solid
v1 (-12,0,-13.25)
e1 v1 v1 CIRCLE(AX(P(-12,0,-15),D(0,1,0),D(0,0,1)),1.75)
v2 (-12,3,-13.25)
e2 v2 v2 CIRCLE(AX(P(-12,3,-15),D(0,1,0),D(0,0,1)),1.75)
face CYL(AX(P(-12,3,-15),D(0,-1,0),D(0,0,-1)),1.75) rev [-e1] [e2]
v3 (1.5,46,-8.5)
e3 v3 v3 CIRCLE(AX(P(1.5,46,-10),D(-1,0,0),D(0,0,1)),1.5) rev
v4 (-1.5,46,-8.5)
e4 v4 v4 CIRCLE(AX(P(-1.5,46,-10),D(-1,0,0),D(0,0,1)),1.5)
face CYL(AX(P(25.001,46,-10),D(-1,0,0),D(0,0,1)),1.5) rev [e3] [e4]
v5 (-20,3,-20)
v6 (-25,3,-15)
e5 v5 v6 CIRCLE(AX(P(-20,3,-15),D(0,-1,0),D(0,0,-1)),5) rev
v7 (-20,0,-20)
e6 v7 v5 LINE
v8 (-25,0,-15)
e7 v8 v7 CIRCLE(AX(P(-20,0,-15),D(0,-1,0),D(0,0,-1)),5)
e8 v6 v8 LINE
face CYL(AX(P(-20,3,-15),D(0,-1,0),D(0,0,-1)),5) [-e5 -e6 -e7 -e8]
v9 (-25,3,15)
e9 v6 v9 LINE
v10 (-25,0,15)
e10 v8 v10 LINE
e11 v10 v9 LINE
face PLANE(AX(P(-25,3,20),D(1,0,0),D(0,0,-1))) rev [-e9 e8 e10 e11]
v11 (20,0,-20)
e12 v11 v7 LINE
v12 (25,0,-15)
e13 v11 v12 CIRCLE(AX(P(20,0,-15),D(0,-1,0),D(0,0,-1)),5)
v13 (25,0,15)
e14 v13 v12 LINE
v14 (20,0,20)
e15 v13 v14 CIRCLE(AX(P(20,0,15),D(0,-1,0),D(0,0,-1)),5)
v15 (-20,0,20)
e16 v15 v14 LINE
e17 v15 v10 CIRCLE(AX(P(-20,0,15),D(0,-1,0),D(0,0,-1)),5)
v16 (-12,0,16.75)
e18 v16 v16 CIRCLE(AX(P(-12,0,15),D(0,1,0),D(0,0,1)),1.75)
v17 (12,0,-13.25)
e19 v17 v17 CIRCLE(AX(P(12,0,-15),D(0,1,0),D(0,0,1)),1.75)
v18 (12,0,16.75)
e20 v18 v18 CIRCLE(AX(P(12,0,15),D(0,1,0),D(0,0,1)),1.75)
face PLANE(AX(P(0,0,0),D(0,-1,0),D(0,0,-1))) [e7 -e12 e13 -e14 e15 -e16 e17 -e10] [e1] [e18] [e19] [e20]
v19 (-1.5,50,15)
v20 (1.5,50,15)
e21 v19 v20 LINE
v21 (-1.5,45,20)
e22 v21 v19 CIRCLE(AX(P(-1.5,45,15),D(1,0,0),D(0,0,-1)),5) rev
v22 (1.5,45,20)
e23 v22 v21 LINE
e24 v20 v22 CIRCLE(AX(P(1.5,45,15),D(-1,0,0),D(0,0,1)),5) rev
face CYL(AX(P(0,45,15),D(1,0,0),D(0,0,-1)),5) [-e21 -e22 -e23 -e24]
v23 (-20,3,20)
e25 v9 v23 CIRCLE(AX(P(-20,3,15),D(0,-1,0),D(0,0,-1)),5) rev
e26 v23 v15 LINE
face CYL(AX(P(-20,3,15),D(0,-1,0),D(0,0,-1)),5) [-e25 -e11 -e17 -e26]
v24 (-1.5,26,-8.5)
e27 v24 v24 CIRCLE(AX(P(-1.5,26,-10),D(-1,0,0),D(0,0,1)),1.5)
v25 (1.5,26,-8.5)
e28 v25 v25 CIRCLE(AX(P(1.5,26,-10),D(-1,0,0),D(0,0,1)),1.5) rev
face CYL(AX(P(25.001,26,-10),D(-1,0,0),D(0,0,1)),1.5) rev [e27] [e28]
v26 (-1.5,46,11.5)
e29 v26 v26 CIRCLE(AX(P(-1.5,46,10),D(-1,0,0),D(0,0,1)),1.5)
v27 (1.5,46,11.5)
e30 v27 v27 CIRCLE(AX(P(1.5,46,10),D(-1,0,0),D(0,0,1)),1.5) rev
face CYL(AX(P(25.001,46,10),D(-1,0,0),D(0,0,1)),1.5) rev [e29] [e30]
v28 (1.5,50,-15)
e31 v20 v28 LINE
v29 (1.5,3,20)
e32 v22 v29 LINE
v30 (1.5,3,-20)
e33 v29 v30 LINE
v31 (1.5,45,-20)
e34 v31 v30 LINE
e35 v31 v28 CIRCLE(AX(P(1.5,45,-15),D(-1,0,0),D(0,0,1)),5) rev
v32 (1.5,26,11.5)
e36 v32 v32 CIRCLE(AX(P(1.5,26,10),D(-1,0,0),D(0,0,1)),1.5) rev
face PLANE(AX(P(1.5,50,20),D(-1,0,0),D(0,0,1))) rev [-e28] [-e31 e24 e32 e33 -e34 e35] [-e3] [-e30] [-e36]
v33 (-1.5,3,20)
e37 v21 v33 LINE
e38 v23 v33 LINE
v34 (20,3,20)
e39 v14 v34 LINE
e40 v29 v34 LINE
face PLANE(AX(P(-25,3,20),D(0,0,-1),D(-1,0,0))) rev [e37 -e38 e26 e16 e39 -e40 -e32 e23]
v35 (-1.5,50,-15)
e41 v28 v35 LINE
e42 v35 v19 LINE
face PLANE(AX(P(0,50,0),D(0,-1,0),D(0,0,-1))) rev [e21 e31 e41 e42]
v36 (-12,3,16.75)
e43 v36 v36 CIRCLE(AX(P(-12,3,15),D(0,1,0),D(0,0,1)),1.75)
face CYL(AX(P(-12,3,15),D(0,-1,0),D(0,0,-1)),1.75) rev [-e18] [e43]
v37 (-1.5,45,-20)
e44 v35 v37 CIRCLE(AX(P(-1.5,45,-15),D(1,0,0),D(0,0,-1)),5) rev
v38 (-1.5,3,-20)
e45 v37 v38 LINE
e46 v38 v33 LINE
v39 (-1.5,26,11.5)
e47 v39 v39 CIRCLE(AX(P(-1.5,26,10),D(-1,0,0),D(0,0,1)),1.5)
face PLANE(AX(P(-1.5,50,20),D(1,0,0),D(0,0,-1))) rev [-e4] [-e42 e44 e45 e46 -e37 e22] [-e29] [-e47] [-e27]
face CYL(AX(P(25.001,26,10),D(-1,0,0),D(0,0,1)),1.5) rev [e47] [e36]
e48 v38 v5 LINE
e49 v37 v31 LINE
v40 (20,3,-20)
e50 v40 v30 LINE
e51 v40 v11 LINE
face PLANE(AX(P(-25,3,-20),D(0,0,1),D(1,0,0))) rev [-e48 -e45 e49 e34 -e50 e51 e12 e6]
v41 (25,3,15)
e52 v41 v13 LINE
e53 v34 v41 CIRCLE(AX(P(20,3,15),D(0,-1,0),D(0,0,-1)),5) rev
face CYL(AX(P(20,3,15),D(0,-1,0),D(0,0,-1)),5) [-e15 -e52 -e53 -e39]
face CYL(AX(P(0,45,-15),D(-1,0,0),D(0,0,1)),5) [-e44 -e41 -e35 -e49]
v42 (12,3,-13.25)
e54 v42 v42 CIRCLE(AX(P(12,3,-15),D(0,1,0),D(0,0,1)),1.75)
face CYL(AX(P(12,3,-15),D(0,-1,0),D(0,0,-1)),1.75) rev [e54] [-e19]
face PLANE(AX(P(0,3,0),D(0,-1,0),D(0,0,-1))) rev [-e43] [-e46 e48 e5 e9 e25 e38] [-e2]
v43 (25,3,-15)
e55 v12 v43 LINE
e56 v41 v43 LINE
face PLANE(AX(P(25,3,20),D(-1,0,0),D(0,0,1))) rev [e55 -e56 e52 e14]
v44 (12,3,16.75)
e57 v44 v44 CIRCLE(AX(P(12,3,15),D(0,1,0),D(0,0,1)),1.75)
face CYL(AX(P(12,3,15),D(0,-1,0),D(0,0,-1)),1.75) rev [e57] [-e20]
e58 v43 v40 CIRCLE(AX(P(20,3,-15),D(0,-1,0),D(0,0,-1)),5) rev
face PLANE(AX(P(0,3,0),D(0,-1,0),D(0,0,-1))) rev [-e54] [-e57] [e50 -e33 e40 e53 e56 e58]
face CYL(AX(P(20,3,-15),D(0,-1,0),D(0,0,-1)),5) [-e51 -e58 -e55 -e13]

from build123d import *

# Parameters (mm, degrees)
SKETCH_1_W          = 50
SKETCH_1_H          = 40
SKETCH_1_R          = 1.75
EXTRUDE_1_DEPTH     = 3
FILLET_1_R          = 5
SKETCH_2_W          = 3
SKETCH_2_H          = 40
EXTRUDE_2_DEPTH     = 47
CUT_EXTRUDE_1_REACH = 62.019
SKETCH_3_R          = 1.5
FILLET_2_R          = 5


with BuildPart() as part:
    # 草图1 → 凸台-拉伸1 (new body)
    with BuildSketch(Plane(origin=(0, 0, 0), x_dir=(1, 0, 0), z_dir=(0, 1, 0))):
        Rectangle(SKETCH_1_W, SKETCH_1_H)
        with Locations(Location((-12, 15, 0), (0, 0, 270))):
            Circle(SKETCH_1_R, mode=Mode.SUBTRACT)
        with Locations(Location((12, 15, 0), (0, 0, 270))):
            Circle(SKETCH_1_R, mode=Mode.SUBTRACT)
        with Locations(Location((12, -15, 0), (0, 0, 270))):
            Circle(SKETCH_1_R, mode=Mode.SUBTRACT)
        with Locations(Location((-12, -15, 0), (0, 0, 270))):
            Circle(SKETCH_1_R, mode=Mode.SUBTRACT)
    extrude(amount=EXTRUDE_1_DEPTH)

    # 圆角1
    fillet_1_edges = [part.edges().sort_by_distance(p)[0] for p in [
        (25, 1.5, 20),
        (-25, 1.5, 20),
        (-25, 1.5, -20),
        (25, 1.5, -20),
    ]]
    fillet(fillet_1_edges, radius=FILLET_1_R)

    # 草图2 → 凸台-拉伸2 (add)
    with BuildSketch(Plane(origin=(0, 3, 0), x_dir=(1, 0, 0), z_dir=(0, 1, 0))):
        Rectangle(SKETCH_2_W, SKETCH_2_H)
    extrude(amount=EXTRUDE_2_DEPTH)

    # 草图3 → 切除-拉伸1 (cut, up to next)
    with BuildSketch(Plane.ZY.offset(1.5), mode=Mode.PRIVATE) as cut_extrude_1_sk1:
        with Locations((-10, 46)):
            Circle(SKETCH_3_R)
    cut_extrude_1_tool1 = extrude(cut_extrude_1_sk1.sketch, amount=-CUT_EXTRUDE_1_REACH, mode=Mode.PRIVATE) & part.part
    # 草图3 → 切除-拉伸1 (cut, up to next)
    with BuildSketch(Plane.ZY.offset(1.5), mode=Mode.PRIVATE) as cut_extrude_1_sk2:
        with Locations((10, 46)):
            Circle(SKETCH_3_R)
    cut_extrude_1_tool2 = extrude(cut_extrude_1_sk2.sketch, amount=-CUT_EXTRUDE_1_REACH, mode=Mode.PRIVATE) & part.part
    # 草图3 → 切除-拉伸1 (cut, up to next)
    with BuildSketch(Plane.ZY.offset(1.5), mode=Mode.PRIVATE) as cut_extrude_1_sk3:
        with Locations((10, 26)):
            Circle(SKETCH_3_R)
    cut_extrude_1_tool3 = extrude(cut_extrude_1_sk3.sketch, amount=-CUT_EXTRUDE_1_REACH, mode=Mode.PRIVATE) & part.part
    # 草图3 → 切除-拉伸1 (cut, up to next)
    with BuildSketch(Plane.ZY.offset(1.5), mode=Mode.PRIVATE) as cut_extrude_1_sk4:
        with Locations((-10, 26)):
            Circle(SKETCH_3_R)
    cut_extrude_1_tool4 = extrude(cut_extrude_1_sk4.sketch, amount=-CUT_EXTRUDE_1_REACH, mode=Mode.PRIVATE) & part.part
    add(cut_extrude_1_tool1.solids().sort_by_distance((-1.5, 46, -10))[0], mode=Mode.SUBTRACT)
    add(cut_extrude_1_tool2.solids().sort_by_distance((-1.5, 46, 10))[0], mode=Mode.SUBTRACT)
    add(cut_extrude_1_tool3.solids().sort_by_distance((-1.5, 26, 10))[0], mode=Mode.SUBTRACT)
    add(cut_extrude_1_tool4.solids().sort_by_distance((-1.5, 26, -10))[0], mode=Mode.SUBTRACT)

    # 圆角2
    fillet_2_edges = [part.edges().sort_by_distance(p)[0] for p in [
        (0, 50, -20),
        (0, 50, 20),
    ]]
    fillet(fillet_2_edges, radius=FILLET_2_R)


solid = part.part
